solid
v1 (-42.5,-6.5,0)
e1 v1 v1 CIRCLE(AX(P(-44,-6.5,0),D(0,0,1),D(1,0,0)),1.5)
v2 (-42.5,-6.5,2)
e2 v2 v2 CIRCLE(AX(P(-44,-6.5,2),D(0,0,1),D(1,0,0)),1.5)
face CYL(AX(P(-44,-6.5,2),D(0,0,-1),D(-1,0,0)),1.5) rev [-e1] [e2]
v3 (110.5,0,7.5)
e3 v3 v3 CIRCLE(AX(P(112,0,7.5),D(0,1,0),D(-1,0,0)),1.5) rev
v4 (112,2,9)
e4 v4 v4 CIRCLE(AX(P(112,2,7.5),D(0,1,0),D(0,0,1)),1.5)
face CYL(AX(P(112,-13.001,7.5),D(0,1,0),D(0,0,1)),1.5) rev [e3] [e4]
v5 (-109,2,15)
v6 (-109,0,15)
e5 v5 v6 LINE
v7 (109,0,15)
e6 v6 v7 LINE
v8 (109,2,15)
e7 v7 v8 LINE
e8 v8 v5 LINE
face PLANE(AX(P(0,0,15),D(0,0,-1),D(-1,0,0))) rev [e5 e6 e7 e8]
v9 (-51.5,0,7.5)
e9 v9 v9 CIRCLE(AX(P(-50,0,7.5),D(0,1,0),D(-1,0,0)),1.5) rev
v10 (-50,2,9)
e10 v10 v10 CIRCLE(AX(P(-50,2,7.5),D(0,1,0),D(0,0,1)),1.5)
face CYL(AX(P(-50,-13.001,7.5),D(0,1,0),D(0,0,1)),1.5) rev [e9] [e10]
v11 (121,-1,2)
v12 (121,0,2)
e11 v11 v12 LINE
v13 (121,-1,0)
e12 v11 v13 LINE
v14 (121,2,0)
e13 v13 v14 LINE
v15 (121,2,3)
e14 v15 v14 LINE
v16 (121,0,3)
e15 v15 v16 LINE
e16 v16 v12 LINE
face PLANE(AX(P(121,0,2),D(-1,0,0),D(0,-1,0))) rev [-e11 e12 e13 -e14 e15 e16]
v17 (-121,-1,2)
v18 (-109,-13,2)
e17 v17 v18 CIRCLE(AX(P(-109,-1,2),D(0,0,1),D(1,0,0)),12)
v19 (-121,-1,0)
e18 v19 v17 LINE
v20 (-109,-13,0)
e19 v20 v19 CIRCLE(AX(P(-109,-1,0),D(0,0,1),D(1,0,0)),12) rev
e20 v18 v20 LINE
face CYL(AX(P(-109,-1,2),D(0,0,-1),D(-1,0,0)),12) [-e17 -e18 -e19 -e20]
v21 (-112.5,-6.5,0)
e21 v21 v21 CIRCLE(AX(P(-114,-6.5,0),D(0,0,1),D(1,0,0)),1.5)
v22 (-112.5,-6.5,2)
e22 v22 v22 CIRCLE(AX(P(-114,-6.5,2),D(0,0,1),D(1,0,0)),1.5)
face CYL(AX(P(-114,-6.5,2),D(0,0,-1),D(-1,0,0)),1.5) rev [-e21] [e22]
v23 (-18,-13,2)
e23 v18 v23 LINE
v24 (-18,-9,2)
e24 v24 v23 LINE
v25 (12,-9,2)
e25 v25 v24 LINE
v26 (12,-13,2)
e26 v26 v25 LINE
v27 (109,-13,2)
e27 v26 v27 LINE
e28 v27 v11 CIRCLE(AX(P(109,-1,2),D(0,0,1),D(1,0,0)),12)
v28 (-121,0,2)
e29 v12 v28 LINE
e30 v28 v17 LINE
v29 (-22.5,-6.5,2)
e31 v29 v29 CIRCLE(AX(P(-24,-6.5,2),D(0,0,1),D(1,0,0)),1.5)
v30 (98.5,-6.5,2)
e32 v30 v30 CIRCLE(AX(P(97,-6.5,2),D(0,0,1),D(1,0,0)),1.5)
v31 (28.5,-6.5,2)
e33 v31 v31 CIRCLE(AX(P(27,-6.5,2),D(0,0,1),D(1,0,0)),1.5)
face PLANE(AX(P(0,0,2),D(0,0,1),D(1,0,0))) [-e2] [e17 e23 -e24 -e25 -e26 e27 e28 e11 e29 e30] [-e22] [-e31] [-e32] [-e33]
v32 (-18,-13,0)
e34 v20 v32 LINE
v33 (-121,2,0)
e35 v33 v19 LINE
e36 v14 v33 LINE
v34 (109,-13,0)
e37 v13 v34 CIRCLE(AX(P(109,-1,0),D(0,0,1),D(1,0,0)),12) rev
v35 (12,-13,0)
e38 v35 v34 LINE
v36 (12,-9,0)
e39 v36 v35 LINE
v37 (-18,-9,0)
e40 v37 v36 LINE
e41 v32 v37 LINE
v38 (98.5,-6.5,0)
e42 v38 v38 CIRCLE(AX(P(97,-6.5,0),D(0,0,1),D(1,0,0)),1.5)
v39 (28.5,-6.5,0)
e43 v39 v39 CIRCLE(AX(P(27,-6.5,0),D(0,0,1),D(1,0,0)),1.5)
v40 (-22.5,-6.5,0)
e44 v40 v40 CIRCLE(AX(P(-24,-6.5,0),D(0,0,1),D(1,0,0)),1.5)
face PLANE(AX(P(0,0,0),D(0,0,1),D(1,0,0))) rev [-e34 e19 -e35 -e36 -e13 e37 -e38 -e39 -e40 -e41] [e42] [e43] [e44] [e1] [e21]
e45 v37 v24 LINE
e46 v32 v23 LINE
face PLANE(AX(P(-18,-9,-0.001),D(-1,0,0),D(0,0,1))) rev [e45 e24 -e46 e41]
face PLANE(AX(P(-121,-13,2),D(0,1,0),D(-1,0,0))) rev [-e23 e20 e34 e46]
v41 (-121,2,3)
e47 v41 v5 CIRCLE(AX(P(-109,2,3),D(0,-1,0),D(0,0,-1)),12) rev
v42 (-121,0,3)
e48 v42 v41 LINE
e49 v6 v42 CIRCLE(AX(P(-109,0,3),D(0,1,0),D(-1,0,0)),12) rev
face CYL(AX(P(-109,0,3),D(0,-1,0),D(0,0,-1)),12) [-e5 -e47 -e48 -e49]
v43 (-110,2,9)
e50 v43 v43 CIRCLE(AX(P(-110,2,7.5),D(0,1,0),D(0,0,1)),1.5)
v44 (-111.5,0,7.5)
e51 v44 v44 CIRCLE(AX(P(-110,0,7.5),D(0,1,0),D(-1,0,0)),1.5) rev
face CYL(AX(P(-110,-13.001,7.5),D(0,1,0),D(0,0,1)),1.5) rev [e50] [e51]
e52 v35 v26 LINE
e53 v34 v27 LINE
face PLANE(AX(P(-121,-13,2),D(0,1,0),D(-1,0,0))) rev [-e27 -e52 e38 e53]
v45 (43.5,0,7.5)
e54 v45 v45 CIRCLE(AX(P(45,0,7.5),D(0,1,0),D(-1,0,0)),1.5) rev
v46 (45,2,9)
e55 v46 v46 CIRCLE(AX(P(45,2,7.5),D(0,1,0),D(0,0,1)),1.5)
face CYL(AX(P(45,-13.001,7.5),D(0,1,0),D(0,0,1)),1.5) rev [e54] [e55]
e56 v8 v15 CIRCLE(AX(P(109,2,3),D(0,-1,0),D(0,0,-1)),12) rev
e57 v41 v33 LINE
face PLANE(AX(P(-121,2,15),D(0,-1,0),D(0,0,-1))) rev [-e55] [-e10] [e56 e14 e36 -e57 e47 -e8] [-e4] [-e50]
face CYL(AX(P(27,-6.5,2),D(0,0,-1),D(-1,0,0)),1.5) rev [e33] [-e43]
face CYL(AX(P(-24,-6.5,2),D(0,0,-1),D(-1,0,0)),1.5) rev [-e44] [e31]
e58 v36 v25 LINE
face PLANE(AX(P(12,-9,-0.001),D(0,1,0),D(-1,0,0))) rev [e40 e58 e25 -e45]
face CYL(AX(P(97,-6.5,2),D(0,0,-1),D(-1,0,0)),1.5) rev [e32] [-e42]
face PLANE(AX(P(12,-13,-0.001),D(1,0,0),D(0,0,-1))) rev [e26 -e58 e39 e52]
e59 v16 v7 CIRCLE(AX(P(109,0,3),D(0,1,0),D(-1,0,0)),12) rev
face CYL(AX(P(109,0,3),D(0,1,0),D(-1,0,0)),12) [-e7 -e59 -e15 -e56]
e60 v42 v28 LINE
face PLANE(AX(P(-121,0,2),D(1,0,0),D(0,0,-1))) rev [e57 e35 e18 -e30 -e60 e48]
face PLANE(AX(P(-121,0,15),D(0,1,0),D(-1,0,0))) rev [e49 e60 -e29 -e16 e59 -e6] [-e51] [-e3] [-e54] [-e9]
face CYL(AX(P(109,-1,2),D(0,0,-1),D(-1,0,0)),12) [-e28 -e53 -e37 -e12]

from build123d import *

# Parameters (mm, degrees)
SKETCH1_W           = 242
SKETCH1_H           = 13
SKETCH1_R           = 1.5
BOSS_EXTRUDE1_DEPTH = 2
CUT_EXTRUDE1_REACH  = 123.713
SKETCH2_W           = 30
SKETCH2_H           = 4
SKETCH3_W           = 242
SKETCH3_H           = 2
BOSS_EXTRUDE2_DEPTH = 15
CUT_EXTRUDE2_REACH  = 124.845
SKETCH4_R           = 1.5
FILLET1_R           = 12


with BuildPart() as part:
    # Sketch1 → Boss-Extrude1 (new body)
    with BuildSketch(Plane.XY):
        with Locations((0, -6.5)):
            Rectangle(SKETCH1_W, SKETCH1_H)
        with Locations((-114, -6.5)):
            Circle(SKETCH1_R, mode=Mode.SUBTRACT)
        with Locations((-44, -6.5)):
            Circle(SKETCH1_R, mode=Mode.SUBTRACT)
        with Locations((-24, -6.5)):
            Circle(SKETCH1_R, mode=Mode.SUBTRACT)
        with Locations((27, -6.5)):
            Circle(SKETCH1_R, mode=Mode.SUBTRACT)
        with Locations((97, -6.5)):
            Circle(SKETCH1_R, mode=Mode.SUBTRACT)
    extrude(amount=BOSS_EXTRUDE1_DEPTH)

    # Sketch2 → Cut-Extrude1 (cut, up to next)
    with BuildSketch(Plane.XY.offset(2), mode=Mode.PRIVATE) as cut_extrude1_sk1:
        with Locations((-3, -11)):
            Rectangle(SKETCH2_W, SKETCH2_H)
    cut_extrude1_tool1 = extrude(cut_extrude1_sk1.sketch, amount=-CUT_EXTRUDE1_REACH, mode=Mode.PRIVATE) & part.part
    add(cut_extrude1_tool1.solids().sort_by_distance((-3, -11, 2))[0], mode=Mode.SUBTRACT)

    # Sketch3 → Boss-Extrude2 (add)
    with BuildSketch(Plane.XY):
        with Locations((0, 1)):
            Rectangle(SKETCH3_W, SKETCH3_H)
    extrude(amount=BOSS_EXTRUDE2_DEPTH)

    # Sketch4 → Cut-Extrude2 (cut, up to next)
    with BuildSketch(Plane(origin=(0, 2, 0), x_dir=(1, 0, 0), z_dir=(0, 1, 0)), mode=Mode.PRIVATE) as cut_extrude2_sk1:
        with Locations(Location((-110, -7.5, 0), (0, 0, 270))):
            Circle(SKETCH4_R)
    cut_extrude2_tool1 = extrude(cut_extrude2_sk1.sketch, amount=-CUT_EXTRUDE2_REACH, mode=Mode.PRIVATE) & part.part
    # Sketch4 → Cut-Extrude2 (cut, up to next)
    with BuildSketch(Plane(origin=(0, 2, 0), x_dir=(1, 0, 0), z_dir=(0, 1, 0)), mode=Mode.PRIVATE) as cut_extrude2_sk2:
        with Locations(Location((-50, -7.5, 0), (0, 0, 270))):
            Circle(SKETCH4_R)
    cut_extrude2_tool2 = extrude(cut_extrude2_sk2.sketch, amount=-CUT_EXTRUDE2_REACH, mode=Mode.PRIVATE) & part.part
    # Sketch4 → Cut-Extrude2 (cut, up to next)
    with BuildSketch(Plane(origin=(0, 2, 0), x_dir=(1, 0, 0), z_dir=(0, 1, 0)), mode=Mode.PRIVATE) as cut_extrude2_sk3:
        with Locations(Location((45, -7.5, 0), (0, 0, 270))):
            Circle(SKETCH4_R)
    cut_extrude2_tool3 = extrude(cut_extrude2_sk3.sketch, amount=-CUT_EXTRUDE2_REACH, mode=Mode.PRIVATE) & part.part
    # Sketch4 → Cut-Extrude2 (cut, up to next)
    with BuildSketch(Plane(origin=(0, 2, 0), x_dir=(1, 0, 0), z_dir=(0, 1, 0)), mode=Mode.PRIVATE) as cut_extrude2_sk4:
        with Locations(Location((112, -7.5, 0), (0, 0, 270))):
            Circle(SKETCH4_R)
    cut_extrude2_tool4 = extrude(cut_extrude2_sk4.sketch, amount=-CUT_EXTRUDE2_REACH, mode=Mode.PRIVATE) & part.part
    add(cut_extrude2_tool1.solids().sort_by_distance((-110, 2, 7.5))[0], mode=Mode.SUBTRACT)
    add(cut_extrude2_tool2.solids().sort_by_distance((-50, 2, 7.5))[0], mode=Mode.SUBTRACT)
    add(cut_extrude2_tool3.solids().sort_by_distance((45, 2, 7.5))[0], mode=Mode.SUBTRACT)
    add(cut_extrude2_tool4.solids().sort_by_distance((112, 2, 7.5))[0], mode=Mode.SUBTRACT)

    # Fillet1
    fillet1_edges = [part.edges().sort_by_distance(p)[0] for p in [
        (-121, 1, 15),
        (121, 1, 15),
        (121, -13, 1),
        (-121, -13, 1),
    ]]
    fillet(fillet1_edges, radius=FILLET1_R)


solid = part.part
